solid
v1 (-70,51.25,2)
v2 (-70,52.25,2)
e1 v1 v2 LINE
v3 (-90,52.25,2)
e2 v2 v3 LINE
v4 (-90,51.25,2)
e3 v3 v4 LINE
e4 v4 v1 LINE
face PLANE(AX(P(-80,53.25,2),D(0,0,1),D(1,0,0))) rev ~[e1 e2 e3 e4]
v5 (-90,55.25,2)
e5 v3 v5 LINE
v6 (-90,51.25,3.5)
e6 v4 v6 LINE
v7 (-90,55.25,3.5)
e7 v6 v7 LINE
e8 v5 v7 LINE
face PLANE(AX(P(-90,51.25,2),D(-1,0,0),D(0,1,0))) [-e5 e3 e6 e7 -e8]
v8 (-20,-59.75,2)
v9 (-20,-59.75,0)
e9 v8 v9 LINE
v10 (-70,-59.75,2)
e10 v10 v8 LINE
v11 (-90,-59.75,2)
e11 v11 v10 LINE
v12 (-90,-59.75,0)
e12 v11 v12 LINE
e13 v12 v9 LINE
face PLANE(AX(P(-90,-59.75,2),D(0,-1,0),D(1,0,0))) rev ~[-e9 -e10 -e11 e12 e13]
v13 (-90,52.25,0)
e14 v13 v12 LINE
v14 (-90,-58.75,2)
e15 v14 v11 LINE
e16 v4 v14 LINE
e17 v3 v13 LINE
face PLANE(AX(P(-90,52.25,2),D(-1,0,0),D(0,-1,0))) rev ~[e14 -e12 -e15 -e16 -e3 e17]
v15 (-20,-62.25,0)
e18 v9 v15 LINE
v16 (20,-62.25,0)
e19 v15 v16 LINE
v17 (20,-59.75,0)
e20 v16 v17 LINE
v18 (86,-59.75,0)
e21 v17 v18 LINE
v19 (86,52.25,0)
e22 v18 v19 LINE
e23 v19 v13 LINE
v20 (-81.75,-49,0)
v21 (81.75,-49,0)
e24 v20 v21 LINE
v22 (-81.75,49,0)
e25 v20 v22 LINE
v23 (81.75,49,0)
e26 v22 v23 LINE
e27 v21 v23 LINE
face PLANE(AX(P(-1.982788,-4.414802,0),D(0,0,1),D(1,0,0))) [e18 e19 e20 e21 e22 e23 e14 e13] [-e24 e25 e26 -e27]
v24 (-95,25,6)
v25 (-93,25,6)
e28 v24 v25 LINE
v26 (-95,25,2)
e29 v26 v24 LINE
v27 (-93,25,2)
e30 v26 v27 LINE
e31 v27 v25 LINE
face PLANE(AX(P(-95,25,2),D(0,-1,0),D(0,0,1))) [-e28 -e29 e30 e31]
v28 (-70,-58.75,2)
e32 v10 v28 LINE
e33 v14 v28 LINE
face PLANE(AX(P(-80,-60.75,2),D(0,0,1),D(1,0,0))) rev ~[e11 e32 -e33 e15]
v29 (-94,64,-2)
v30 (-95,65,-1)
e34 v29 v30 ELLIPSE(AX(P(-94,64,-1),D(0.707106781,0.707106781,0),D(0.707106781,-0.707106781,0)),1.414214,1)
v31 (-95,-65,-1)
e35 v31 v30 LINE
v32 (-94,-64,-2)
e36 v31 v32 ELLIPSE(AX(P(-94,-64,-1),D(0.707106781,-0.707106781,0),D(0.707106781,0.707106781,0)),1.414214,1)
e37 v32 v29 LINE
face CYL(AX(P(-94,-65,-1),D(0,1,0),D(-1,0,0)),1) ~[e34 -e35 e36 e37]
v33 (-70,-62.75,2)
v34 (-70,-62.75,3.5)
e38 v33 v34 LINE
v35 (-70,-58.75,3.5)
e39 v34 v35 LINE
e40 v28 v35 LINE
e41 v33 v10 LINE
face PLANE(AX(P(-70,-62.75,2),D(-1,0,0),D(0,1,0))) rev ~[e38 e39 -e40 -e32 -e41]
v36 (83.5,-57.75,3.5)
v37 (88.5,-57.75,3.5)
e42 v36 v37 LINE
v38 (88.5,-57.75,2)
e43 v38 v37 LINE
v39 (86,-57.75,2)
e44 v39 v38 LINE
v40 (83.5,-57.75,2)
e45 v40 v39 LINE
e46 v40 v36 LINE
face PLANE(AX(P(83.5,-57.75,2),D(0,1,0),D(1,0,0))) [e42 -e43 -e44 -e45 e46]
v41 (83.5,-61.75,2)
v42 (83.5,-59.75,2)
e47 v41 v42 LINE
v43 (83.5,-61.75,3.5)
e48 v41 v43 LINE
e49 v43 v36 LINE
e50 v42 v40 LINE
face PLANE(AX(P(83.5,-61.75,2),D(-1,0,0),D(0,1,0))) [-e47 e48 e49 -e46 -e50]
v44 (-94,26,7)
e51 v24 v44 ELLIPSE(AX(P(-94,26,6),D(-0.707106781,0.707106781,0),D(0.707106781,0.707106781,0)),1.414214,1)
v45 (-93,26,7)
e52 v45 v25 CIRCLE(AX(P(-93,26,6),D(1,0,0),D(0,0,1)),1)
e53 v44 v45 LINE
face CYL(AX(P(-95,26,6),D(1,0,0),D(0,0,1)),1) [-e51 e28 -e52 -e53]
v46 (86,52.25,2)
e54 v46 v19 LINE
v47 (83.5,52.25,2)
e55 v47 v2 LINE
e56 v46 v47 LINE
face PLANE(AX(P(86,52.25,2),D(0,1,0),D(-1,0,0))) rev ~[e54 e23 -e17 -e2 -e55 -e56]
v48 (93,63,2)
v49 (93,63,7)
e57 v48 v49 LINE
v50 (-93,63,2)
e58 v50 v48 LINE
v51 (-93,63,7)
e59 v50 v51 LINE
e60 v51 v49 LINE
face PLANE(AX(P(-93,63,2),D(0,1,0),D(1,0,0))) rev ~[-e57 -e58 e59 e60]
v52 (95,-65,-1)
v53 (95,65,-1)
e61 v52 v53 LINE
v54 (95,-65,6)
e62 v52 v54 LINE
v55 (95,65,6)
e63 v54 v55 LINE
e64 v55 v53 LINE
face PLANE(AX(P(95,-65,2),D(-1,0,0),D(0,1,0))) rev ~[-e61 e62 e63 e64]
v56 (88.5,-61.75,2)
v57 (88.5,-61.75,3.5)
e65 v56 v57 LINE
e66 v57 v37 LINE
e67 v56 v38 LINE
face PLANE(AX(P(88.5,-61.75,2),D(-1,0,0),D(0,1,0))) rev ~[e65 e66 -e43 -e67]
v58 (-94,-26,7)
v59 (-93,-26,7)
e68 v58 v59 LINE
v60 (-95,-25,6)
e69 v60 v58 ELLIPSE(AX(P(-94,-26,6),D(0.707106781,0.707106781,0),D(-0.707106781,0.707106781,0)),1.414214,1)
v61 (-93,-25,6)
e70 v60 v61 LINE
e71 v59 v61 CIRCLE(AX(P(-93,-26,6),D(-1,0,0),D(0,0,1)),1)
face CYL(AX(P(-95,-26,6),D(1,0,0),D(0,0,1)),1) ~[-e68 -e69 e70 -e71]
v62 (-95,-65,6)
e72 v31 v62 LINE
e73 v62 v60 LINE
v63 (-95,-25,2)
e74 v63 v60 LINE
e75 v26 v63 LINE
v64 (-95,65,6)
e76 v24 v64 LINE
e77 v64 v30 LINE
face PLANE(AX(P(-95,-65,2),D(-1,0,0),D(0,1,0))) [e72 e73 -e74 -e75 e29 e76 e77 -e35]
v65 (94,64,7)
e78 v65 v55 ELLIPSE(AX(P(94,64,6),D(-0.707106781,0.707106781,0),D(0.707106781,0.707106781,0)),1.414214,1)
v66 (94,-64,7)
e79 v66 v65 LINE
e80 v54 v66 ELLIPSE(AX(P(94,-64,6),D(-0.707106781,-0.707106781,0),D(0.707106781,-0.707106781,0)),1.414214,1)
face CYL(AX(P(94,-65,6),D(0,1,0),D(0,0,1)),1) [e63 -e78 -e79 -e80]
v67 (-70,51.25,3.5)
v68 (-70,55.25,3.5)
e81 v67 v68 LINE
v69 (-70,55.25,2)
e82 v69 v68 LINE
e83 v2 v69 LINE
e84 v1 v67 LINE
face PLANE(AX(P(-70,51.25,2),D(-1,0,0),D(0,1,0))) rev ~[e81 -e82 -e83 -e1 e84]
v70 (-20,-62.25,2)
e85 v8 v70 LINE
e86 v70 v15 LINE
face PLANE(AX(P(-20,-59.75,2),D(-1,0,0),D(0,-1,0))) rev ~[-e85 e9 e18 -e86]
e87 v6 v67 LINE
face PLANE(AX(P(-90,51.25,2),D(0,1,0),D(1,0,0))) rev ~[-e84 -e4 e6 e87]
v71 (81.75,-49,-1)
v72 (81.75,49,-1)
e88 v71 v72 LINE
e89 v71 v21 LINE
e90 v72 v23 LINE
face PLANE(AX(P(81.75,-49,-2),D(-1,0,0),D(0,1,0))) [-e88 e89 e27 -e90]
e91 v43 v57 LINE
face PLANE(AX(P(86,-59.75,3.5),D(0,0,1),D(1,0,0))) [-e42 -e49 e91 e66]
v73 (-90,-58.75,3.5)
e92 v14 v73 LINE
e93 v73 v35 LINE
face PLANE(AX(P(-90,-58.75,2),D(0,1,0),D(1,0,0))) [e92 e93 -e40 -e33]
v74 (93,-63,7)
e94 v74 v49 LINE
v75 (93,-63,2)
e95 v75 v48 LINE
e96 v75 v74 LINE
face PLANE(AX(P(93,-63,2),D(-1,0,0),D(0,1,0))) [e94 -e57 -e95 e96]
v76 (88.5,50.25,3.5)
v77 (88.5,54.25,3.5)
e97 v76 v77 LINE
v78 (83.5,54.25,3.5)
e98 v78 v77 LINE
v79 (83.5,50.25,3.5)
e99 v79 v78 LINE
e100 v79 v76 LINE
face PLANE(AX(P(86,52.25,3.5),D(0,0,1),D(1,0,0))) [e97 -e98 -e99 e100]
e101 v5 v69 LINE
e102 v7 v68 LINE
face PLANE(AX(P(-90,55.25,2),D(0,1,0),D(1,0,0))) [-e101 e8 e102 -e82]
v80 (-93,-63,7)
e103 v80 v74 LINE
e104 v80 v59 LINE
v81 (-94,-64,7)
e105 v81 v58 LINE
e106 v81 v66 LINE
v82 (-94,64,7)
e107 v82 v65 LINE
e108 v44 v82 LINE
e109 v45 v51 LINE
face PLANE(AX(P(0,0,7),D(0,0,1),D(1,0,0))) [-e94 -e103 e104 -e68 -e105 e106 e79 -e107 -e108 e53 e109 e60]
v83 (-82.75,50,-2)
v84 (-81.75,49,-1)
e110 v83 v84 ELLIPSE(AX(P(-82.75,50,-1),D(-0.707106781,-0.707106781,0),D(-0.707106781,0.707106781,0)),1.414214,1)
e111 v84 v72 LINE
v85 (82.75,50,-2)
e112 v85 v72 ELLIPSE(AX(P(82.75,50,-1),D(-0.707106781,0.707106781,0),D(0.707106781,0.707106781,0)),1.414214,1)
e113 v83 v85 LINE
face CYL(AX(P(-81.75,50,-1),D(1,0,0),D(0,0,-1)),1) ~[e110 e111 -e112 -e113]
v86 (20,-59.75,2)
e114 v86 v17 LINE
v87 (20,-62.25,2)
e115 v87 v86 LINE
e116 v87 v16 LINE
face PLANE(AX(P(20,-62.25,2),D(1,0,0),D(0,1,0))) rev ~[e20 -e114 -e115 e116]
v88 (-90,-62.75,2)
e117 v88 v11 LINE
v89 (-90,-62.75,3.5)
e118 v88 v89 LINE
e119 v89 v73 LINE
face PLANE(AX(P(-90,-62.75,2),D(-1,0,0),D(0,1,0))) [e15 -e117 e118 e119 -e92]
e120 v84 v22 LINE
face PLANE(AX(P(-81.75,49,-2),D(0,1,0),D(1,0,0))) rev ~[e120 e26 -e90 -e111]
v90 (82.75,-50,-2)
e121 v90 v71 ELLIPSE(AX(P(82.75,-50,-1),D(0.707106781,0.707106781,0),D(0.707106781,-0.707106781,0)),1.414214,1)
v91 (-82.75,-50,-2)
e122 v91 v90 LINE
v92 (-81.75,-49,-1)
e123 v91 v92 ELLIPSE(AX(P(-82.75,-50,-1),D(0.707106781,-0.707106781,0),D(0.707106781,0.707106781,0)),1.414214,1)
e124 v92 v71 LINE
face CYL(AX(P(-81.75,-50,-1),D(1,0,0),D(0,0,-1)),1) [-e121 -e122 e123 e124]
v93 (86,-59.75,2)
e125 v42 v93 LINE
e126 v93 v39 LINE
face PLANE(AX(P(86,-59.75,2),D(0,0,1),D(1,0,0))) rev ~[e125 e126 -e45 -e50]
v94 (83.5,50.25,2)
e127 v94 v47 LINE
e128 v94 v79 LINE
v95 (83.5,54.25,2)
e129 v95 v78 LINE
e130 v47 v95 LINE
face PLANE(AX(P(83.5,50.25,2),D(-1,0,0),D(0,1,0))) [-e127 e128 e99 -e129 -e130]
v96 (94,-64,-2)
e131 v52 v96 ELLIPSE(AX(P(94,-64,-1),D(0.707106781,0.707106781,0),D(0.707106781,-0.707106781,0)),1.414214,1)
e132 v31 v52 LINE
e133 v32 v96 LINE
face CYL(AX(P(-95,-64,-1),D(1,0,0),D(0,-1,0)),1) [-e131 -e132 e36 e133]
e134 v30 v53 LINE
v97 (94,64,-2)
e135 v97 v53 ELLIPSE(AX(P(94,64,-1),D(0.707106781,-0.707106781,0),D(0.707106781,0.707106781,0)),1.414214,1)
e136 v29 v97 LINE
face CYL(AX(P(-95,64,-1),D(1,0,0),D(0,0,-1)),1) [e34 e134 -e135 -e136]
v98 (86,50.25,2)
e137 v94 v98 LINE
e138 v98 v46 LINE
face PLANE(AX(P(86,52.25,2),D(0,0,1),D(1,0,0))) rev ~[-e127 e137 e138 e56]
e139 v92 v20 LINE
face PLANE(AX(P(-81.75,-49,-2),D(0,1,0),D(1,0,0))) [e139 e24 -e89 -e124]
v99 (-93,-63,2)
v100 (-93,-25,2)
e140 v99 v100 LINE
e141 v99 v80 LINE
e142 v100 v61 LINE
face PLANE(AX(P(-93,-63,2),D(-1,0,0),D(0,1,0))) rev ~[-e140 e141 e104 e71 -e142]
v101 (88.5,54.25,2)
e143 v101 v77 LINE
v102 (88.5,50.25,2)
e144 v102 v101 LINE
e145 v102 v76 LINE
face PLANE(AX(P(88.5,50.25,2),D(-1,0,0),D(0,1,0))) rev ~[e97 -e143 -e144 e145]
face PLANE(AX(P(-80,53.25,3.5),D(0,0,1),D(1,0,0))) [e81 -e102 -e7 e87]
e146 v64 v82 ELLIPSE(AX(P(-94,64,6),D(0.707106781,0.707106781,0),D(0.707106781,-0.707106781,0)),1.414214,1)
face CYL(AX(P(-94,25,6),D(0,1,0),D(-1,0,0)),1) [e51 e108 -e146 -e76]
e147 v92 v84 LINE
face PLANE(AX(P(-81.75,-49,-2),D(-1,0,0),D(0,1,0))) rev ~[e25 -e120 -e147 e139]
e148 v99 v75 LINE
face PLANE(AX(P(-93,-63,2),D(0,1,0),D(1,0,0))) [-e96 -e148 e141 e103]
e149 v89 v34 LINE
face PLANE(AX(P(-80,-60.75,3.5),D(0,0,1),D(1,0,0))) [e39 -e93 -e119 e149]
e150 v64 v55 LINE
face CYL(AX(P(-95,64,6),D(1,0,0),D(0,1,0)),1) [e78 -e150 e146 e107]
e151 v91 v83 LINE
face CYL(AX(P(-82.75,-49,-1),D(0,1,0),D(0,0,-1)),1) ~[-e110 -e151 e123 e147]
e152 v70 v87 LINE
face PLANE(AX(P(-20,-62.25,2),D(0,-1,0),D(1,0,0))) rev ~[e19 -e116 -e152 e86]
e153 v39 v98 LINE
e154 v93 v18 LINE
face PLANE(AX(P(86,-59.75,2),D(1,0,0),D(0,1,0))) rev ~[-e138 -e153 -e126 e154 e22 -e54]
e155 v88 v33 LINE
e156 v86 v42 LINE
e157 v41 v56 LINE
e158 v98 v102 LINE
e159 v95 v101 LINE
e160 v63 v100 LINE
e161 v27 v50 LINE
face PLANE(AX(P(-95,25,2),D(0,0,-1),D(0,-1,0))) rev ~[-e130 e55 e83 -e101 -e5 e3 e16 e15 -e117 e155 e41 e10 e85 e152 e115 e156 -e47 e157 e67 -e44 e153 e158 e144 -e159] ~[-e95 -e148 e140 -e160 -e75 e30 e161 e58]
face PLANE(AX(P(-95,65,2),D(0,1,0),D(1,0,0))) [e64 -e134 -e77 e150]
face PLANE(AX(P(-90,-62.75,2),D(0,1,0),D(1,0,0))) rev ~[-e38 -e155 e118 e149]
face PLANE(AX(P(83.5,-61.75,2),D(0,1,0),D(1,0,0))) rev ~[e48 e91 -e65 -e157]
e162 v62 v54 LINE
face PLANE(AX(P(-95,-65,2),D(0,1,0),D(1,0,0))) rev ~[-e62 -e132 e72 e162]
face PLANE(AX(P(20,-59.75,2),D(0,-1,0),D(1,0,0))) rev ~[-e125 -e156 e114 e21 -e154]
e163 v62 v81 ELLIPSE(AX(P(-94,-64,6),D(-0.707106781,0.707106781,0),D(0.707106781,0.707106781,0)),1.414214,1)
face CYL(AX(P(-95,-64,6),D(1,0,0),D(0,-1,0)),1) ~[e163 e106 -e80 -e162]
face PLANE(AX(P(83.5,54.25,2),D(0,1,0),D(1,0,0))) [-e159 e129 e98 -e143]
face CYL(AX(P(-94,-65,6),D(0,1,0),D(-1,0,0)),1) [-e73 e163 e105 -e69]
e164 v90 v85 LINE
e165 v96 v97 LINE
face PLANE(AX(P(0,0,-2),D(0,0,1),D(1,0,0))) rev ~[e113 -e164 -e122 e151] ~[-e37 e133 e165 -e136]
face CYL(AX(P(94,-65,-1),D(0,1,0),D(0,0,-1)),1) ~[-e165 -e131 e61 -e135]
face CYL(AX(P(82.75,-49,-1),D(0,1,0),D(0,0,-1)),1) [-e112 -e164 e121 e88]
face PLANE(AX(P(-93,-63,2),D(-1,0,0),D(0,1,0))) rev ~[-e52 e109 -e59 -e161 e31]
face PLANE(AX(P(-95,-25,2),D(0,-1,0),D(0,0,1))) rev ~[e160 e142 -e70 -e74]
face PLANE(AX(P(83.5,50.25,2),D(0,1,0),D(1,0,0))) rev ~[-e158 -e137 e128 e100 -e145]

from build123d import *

# Parameters (mm, degrees)
SKETCH_W        = 190
SKETCH_H        = 130
SKETCH_W_2      = 163.5
SKETCH_H_2      = 98
PAD_DEPTH       = 4
SKETCH005_W     = 190
SKETCH005_H     = 130
SKETCH005_W_2   = 186
SKETCH005_H_2   = 126
PAD002_DEPTH    = 5
POCKET_DEPTH    = 2
SKETCH006_W     = 50
SKETCH006_H     = 5
POCKET001_DEPTH = 2
FILLET_R        = 1
SKETCH010_W     = 20
SKETCH010_H     = 4
SKETCH010_W_2   = 5
PAD005_DEPTH    = 1.5


with BuildPart() as part:
    # Sketch (on DatumPlane) → Pad (new body)
    with BuildSketch(Plane.XY.offset(-2)):
        Rectangle(SKETCH_W, SKETCH_H)
        Rectangle(SKETCH_W_2, SKETCH_H_2, mode=Mode.SUBTRACT)
    extrude(amount=PAD_DEPTH)

    # Sketch005 → Pad002 (join)
    with BuildSketch(Plane.XY.offset(2)):
        Rectangle(SKETCH005_W, SKETCH005_H)
        Rectangle(SKETCH005_W_2, SKETCH005_H_2, mode=Mode.SUBTRACT)
    extrude(amount=PAD002_DEPTH)

    # Sketch003 (on Face10 of Pad) → Pocket (cut)
    with BuildSketch(Plane.XY.offset(2)):
        Polygon((-90, 52.25), (-90, -59.75), (-20, -59.75), (-20, -62.25), (20, -62.25), (20, -59.75), (86, -59.75), (86, 52.25), align=None)
    extrude(amount=-POCKET_DEPTH, mode=Mode.SUBTRACT)

    # Sketch006 (on Face2 of Pocket) → Pocket001 (cut)
    with BuildSketch(Plane(origin=(-95, 0, 0), x_dir=(0, -1, 0), z_dir=(-1, 0, 0))):
        with Locations((0, 4.5)):
            Rectangle(SKETCH006_W, SKETCH006_H)
    extrude(amount=-POCKET001_DEPTH, mode=Mode.SUBTRACT)

    # Fillet
    fillet_edges = [part.edges().sort_by_distance(p)[0] for p in [
        (0, -65, -2),
        (95, 0, -2),
        (0, 65, -2),
        (0, -49, -2),
        (81.75, 0, -2),
        (-81.75, 0, -2),
        (0, 49, -2),
        (-95, 0, -2),
        (-95, -45, 7),
        (0, -65, 7),
        (95, 0, 7),
        (0, 65, 7),
        (-95, 45, 7),
        (-94, 25, 7),
        (-94, -25, 7),
    ]]
    fillet(fillet_edges, radius=FILLET_R)

    # Sketch010 (on Face23 of Fillet) → Pad005 (join)
    with BuildSketch(Plane.XY.offset(2)):
        with Locations((-80, 53.25)):
            Rectangle(SKETCH010_W, SKETCH010_H)
        with Locations((-80, -60.75)):
            Rectangle(SKETCH010_W, SKETCH010_H)
        with Locations((86, 52.25)):
            Rectangle(SKETCH010_W_2, SKETCH010_H)
        with Locations((86, -59.75)):
            Rectangle(SKETCH010_W_2, SKETCH010_H)
    extrude(amount=PAD005_DEPTH)


solid = part.part
